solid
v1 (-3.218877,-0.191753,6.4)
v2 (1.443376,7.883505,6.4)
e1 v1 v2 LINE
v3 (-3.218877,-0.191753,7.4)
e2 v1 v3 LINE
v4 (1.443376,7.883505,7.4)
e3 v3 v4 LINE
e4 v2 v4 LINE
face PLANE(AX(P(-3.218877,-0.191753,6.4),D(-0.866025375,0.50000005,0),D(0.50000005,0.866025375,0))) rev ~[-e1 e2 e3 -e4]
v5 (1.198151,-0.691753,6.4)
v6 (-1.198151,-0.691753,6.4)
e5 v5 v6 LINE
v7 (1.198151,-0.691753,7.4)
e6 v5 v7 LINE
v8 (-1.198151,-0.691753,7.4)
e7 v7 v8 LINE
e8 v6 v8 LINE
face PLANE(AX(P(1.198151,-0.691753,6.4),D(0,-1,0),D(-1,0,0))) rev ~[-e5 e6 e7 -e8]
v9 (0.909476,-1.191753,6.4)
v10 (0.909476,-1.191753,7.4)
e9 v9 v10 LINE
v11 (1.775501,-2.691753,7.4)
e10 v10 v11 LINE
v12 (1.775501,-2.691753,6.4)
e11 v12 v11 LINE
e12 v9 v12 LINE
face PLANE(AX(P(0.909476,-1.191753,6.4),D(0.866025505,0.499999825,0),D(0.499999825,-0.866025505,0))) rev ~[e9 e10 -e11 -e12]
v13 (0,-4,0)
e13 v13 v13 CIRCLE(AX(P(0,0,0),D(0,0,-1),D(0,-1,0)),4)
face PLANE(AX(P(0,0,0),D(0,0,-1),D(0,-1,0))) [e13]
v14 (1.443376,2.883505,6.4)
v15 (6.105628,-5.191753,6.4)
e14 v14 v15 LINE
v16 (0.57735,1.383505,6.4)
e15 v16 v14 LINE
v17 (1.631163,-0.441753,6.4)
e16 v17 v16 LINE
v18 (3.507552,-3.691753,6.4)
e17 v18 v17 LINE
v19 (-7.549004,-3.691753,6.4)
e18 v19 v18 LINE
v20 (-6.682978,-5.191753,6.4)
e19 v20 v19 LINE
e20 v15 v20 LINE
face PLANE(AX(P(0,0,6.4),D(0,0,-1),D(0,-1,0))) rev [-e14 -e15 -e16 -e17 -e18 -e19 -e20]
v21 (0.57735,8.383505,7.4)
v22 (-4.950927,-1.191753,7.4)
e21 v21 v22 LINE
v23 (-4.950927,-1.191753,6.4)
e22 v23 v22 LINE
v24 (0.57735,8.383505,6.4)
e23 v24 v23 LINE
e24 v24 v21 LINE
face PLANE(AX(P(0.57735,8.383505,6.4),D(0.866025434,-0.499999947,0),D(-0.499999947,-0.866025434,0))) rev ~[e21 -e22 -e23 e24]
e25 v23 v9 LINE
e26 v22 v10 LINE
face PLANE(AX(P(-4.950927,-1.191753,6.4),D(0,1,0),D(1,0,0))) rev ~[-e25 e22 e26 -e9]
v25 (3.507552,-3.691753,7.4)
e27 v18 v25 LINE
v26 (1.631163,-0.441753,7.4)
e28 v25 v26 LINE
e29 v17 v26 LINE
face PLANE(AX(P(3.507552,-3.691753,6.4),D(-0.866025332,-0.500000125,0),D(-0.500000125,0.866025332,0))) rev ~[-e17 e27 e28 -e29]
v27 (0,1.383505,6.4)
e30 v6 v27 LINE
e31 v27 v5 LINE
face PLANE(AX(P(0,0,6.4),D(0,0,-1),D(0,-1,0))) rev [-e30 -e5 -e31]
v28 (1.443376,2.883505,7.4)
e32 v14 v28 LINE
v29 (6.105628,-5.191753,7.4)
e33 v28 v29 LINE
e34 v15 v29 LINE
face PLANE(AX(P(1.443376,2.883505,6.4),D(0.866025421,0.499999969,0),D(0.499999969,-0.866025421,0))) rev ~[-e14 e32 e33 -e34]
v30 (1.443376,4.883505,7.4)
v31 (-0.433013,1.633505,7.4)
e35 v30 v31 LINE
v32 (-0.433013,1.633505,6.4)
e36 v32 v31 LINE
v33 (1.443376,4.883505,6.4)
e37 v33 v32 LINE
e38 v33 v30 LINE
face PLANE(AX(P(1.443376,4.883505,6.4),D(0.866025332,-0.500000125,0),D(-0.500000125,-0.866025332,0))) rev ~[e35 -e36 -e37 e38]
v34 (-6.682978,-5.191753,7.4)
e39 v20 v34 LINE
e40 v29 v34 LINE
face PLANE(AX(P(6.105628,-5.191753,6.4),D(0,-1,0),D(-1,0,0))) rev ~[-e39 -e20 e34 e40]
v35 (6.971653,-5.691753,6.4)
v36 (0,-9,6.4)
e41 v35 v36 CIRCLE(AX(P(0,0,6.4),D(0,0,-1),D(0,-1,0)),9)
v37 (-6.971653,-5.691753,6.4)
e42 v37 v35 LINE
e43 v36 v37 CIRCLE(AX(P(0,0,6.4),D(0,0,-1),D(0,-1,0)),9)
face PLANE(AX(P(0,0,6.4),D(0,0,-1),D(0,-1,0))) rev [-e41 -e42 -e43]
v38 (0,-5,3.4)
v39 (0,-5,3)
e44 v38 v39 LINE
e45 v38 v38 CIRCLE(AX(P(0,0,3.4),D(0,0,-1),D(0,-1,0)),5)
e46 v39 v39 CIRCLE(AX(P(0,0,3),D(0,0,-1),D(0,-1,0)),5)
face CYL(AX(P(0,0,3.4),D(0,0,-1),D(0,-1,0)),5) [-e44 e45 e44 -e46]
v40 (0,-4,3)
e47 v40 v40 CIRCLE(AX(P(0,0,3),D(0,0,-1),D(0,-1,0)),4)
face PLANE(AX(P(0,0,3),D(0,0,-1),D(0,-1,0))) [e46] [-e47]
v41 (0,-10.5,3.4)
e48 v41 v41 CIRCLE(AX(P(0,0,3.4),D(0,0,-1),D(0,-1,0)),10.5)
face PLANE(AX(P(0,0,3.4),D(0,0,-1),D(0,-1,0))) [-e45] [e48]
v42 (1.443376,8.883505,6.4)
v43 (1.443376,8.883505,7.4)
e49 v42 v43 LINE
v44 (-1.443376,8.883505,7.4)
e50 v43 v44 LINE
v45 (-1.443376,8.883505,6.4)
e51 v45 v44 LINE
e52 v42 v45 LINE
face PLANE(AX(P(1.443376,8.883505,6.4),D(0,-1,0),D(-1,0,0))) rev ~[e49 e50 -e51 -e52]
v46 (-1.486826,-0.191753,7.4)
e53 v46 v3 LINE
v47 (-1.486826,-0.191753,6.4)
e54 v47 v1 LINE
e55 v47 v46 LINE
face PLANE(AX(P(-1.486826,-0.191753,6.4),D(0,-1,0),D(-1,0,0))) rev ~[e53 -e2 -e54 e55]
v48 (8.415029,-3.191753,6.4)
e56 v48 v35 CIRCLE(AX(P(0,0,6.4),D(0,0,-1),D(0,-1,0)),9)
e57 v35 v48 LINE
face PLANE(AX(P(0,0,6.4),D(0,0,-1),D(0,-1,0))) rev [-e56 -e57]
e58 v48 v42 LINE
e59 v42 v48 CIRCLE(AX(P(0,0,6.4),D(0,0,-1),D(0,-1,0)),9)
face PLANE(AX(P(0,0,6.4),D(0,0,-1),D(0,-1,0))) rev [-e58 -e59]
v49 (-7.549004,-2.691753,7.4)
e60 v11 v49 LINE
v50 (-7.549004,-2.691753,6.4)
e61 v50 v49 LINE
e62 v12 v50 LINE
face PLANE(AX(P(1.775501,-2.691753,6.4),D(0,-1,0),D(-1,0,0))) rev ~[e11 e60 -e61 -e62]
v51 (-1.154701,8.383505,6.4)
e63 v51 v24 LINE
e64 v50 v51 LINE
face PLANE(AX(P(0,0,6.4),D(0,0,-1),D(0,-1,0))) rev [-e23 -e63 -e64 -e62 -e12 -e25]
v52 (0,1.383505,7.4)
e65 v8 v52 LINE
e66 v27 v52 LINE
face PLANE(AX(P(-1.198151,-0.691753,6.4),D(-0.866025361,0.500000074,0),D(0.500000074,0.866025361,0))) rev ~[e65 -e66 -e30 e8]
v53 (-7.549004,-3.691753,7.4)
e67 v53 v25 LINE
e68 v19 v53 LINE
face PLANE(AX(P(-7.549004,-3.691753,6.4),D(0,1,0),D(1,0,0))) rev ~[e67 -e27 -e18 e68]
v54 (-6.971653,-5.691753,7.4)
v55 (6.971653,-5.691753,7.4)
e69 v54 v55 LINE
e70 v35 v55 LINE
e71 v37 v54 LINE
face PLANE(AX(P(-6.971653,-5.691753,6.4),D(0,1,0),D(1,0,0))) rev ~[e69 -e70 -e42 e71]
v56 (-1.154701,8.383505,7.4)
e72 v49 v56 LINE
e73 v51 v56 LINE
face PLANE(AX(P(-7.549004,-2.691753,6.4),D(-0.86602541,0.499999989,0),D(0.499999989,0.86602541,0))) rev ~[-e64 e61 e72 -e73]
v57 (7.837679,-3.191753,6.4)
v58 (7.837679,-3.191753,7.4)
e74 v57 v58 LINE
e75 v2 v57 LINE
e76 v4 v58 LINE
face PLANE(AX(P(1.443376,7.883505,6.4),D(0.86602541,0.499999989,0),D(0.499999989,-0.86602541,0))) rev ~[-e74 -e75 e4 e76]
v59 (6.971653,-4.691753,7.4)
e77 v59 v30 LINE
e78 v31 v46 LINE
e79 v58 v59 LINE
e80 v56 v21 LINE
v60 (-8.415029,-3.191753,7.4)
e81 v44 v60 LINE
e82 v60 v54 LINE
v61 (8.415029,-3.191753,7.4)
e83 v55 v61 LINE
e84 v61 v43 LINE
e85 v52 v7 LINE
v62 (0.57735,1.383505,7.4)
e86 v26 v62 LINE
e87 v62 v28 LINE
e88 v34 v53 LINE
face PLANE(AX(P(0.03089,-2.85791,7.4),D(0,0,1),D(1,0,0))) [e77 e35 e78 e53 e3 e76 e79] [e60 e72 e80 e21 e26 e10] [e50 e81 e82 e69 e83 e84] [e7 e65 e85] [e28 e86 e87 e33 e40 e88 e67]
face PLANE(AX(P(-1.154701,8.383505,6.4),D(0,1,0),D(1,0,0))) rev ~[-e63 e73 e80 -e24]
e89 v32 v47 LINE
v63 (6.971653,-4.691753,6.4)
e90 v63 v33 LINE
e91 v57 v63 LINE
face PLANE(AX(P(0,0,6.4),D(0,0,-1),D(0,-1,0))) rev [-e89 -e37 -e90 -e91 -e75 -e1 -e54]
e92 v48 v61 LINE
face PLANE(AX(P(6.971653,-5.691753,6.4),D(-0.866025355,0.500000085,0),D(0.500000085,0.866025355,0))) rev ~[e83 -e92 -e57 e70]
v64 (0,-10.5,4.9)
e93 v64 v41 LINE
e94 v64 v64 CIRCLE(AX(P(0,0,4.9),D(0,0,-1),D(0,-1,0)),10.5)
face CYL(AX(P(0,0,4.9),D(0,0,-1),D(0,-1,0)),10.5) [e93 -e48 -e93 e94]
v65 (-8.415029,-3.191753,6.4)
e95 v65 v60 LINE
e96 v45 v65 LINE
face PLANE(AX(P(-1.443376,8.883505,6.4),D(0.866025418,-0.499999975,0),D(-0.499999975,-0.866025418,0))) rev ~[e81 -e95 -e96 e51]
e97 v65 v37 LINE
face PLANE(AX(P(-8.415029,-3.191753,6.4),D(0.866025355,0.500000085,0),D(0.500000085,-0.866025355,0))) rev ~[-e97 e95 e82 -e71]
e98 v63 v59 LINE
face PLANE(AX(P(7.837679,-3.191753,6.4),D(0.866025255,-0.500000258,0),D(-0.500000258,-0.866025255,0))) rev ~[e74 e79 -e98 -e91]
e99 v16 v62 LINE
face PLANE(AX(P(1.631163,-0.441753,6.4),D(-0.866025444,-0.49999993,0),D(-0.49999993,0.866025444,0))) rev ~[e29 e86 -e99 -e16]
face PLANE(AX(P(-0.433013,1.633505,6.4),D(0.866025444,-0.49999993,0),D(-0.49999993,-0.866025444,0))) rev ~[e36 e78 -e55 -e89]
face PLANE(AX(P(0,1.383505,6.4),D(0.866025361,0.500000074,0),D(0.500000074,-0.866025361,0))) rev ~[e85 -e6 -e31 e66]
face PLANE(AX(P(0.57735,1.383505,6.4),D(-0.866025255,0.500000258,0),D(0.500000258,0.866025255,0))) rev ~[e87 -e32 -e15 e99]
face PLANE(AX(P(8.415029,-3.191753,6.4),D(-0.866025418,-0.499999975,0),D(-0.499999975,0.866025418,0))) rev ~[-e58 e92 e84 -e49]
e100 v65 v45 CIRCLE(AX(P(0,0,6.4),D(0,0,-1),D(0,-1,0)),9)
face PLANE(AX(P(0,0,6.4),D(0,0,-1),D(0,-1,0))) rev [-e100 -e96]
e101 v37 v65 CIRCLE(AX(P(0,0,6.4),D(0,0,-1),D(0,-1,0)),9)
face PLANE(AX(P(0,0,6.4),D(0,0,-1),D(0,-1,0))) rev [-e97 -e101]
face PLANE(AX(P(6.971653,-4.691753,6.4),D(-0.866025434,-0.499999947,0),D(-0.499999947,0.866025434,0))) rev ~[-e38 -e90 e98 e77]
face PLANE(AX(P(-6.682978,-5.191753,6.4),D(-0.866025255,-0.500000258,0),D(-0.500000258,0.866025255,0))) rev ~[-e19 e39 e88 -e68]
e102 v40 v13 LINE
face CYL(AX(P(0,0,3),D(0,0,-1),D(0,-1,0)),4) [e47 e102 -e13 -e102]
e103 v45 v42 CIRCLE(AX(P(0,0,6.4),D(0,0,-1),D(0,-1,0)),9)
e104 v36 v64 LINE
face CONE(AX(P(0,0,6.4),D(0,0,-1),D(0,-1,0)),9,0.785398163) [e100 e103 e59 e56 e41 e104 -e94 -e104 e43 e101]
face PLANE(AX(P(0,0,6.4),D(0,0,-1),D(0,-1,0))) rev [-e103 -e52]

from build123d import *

# Parameters (mm, degrees)
F3_DEPTH = 1


with BuildPart() as f1:
    # F0 (on Right) → F1 (revolve)
    with BuildSketch(Plane.YZ):
        Polygon((-4, 0), (0, 0), (0, 6.4), (-9, 6.4), (-10.5, 4.9), (-10.5, 3.4), (-5, 3.4), (-5, 3), (-4, 3), align=None)
    revolve(axis=Axis((0, 0, 3.2), (0, 0, -1)))

    # F2 (on face) → F3 (join)
    with BuildSketch(Plane.XY.offset(6.4)):
        Polygon((-6.971653, -5.691753), (6.971653, -5.691753), (1.443376, 3.883505), (0, 1.383505), (1.198151, -0.691753), (2.641526, -3.191753), (-8.415029, -3.191753), align=None)
        Polygon((3.507552, -3.691753), (1.631163, -0.441753), (0.57735, 1.383505), (1.443376, 2.883505), (6.105628, -5.191753), (-6.682978, -5.191753), (-7.549004, -3.691753), align=None, mode=Mode.SUBTRACT)
        Polygon((-4.084902, -0.691753), (1.443376, 8.883505), (-1.443376, 8.883505), (-8.415029, -3.191753), (2.641526, -3.191753), (1.198151, -0.691753), (-1.198151, -0.691753), align=None)
        Polygon((0.909476, -1.191753), (1.775501, -2.691753), (-7.549004, -2.691753), (-1.154701, 8.383505), (0.57735, 8.383505), (-4.950927, -1.191753), (-1.198151, -1.191753), align=None, mode=Mode.SUBTRACT)
        Polygon((8.415029, -3.191753), (1.443376, 8.883505), (-4.084902, -0.691753), (-1.198151, -0.691753), (0, 1.383505), (1.443376, 3.883505), (6.971653, -5.691753), align=None)
        Polygon((-1.486826, -0.191753), (-3.218877, -0.191753), (1.443376, 7.883505), (7.837679, -3.191753), (6.971653, -4.691753), (1.443376, 4.883505), (-0.433013, 1.633505), align=None, mode=Mode.SUBTRACT)
    extrude(amount=F3_DEPTH)


solid = f1.part
